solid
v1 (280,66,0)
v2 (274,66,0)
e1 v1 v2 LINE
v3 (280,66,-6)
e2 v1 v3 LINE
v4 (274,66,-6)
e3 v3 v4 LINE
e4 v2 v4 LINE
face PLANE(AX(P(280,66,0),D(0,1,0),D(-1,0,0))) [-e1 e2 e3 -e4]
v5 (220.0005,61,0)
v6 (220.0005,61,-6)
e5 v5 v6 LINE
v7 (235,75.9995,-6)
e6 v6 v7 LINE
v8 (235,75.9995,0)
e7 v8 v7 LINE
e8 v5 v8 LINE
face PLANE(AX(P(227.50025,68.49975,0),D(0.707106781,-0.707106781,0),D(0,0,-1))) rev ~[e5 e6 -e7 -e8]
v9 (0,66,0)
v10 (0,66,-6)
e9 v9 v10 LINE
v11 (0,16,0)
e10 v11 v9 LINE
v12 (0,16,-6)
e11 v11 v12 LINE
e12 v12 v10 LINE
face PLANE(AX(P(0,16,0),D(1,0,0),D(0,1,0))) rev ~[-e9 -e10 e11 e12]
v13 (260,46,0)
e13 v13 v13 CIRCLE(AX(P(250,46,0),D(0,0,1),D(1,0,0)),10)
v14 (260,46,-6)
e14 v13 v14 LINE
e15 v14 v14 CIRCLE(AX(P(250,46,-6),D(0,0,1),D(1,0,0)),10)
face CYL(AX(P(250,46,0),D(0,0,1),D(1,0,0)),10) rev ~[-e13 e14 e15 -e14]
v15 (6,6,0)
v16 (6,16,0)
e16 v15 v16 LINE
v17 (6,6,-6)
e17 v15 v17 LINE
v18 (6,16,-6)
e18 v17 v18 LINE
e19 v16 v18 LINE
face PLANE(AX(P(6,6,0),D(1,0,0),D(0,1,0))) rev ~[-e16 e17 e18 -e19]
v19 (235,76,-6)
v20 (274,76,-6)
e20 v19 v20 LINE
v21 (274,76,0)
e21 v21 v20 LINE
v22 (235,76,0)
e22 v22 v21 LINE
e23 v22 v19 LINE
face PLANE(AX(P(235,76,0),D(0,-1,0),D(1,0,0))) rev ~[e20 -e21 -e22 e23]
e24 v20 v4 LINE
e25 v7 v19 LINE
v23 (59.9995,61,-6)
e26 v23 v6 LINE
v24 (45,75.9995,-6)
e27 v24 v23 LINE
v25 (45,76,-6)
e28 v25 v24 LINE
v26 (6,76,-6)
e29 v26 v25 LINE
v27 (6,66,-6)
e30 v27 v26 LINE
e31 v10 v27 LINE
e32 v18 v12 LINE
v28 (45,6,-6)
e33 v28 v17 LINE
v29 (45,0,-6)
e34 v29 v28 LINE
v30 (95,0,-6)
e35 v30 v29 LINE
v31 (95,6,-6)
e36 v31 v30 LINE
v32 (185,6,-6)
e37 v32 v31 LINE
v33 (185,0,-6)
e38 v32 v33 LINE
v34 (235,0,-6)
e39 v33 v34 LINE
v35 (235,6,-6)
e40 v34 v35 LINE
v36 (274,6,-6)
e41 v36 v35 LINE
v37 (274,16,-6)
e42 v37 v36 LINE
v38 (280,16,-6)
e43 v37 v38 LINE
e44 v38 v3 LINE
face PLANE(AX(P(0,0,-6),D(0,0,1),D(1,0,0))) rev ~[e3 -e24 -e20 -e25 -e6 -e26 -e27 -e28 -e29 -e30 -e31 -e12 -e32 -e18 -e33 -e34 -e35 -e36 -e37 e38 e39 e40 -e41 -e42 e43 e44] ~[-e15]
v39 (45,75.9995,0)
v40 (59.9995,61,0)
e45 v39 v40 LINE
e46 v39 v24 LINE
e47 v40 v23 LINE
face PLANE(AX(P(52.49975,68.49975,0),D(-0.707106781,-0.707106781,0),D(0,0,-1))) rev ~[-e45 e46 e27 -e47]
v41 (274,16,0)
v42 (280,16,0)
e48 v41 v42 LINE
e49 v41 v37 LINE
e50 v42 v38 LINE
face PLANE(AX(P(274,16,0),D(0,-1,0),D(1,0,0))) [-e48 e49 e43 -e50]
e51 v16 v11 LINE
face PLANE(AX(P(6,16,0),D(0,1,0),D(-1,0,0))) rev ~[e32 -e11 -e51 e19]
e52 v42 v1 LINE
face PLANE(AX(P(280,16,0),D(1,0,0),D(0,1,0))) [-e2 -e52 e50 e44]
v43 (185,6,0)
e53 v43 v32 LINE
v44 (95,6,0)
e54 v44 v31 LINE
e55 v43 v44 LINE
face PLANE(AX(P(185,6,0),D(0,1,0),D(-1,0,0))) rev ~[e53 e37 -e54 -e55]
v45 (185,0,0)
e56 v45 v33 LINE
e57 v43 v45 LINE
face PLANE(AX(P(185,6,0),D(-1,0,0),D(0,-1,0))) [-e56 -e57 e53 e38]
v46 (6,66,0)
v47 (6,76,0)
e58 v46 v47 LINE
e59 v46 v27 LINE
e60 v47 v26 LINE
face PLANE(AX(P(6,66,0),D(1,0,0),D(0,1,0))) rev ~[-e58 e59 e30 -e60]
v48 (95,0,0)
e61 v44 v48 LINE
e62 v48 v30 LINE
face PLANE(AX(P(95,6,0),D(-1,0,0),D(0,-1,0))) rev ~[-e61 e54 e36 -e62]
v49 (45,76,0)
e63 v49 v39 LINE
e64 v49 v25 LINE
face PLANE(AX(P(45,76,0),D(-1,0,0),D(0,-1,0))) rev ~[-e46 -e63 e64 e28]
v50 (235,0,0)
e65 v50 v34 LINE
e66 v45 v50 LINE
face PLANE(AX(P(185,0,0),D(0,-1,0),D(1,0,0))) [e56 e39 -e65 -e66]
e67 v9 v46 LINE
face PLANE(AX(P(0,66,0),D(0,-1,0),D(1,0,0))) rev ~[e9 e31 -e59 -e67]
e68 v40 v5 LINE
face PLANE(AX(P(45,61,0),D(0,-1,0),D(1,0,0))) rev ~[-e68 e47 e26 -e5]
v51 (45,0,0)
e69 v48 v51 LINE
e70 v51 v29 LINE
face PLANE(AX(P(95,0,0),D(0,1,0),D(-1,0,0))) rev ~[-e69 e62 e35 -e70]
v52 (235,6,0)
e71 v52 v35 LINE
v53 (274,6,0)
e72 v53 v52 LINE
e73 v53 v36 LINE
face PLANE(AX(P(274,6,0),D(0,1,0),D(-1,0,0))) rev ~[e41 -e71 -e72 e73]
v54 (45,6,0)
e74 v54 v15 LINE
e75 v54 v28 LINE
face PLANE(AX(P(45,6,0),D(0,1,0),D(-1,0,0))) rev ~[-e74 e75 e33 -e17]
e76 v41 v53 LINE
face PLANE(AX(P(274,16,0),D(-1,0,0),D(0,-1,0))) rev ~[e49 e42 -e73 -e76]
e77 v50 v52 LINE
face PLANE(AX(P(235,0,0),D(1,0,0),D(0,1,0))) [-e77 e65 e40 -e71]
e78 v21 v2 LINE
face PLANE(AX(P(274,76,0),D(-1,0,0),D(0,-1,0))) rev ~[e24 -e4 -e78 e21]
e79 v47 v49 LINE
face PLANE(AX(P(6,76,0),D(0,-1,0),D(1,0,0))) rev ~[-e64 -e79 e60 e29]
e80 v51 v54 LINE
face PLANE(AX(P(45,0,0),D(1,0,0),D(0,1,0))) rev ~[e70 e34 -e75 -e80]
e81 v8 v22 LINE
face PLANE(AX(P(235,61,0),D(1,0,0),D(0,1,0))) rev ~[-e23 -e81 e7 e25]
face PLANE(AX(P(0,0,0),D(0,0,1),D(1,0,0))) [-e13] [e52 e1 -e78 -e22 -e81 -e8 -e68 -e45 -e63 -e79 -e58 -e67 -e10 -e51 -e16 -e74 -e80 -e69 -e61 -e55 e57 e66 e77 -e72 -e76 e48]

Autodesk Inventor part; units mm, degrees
ref_plane "YZ Plane" through (0, 0, 0) normal (1, 0, 0) x (0, 1, 0)
ref_plane "XZ Plane" through (0, 0, 0) normal (0, 1, 0) x (-1, 0, 0)
ref_plane "XY Plane" through (0, 0, 0) normal (0, 0, 1) x (1, 0, 0)
sketch "Sketch1" plane through (0, 0, 0) normal (0, 0, 1) x (1, 0, 0)
  line L0 (280, 76) -> (280, 66) construction
  line L1 (280, 76) -> (274, 76) construction
  line L2 (274, 76) -> (274, 66) construction
  line L3 (280, 66) -> (274, 66) construction
  line L4 (280, 16) -> (280, 6) construction
  line L5 (280, 16) -> (274, 16) construction
  line L6 (274, 16) -> (274, 6) construction
  line L7 (280, 6) -> (274, 6) construction
  line L8 (235, 6) -> (235, 0) construction
  line L9 (235, 0) -> (280, 0) construction
  line L10 (280, 0) -> (280, 6) construction
  line L11 (235, 6) -> (280, 6) construction
  line L12 (95, 6) -> (95, 0) construction
  line L13 (95, 0) -> (185, 0) construction
  line L14 (185, 0) -> (185, 6) construction
  line L15 (95, 6) -> (185, 6) construction
  line L16 (45, 0) -> (45, 6) construction
  line L17 (0, 6) -> (45, 6) construction
  line L18 (0, 0) -> (0, 6) construction
  line L19 (0, 0) -> (45, 0) construction
  line L20 (0, 16) -> (0, 6) construction
  line L21 (0, 6) -> (6, 6) construction
  line L22 (6, 16) -> (6, 6) construction
  line L23 (0, 16) -> (6, 16) construction
  line L24 (0, 76) -> (0, 66) construction
  line L25 (0, 66) -> (6, 66) construction
  line L26 (6, 76) -> (6, 66) construction
  line L27 (0, 76) -> (6, 76) construction
  line L28 (274, 16) -> (280, 16)
  line L29 (280, 16) -> (280, 66)
  line L30 (280, 66) -> (274, 66)
  line L31 (6, 16) -> (0, 16)
  line L32 (0, 16) -> (0, 66)
  line L33 (0, 66) -> (6, 66)
  line L34 (95, 6) -> (95, 0)
  line L35 (95, 0) -> (45, 0)
  line L36 (45, 0) -> (45, 6)
  line L37 (185, 6) -> (185, 0)
  line L38 (185, 0) -> (235, 0)
  line L39 (235, 0) -> (235, 6)
  line L40 (274, 76) -> (274, 66)
  line L41 (274, 16) -> (274, 6)
  line L42 (274, 6) -> (235, 6)
  line L43 (185, 6) -> (95, 6)
  line L44 (45, 6) -> (6, 6)
  line L45 (6, 6) -> (6, 16)
  line L46 (6, 66) -> (6, 76)
  line L47 (45, 76) -> (45, 61)
  line L48 (45, 61) -> (235, 61)
  line L49 (235, 61) -> (235, 76)
  line L50 (6, 76) -> (45, 76)
  line L51 (235, 76) -> (274, 76)
extrude "Extrusion1" add sketch "Sketch1" against normal blind 6
chamfer "Chamfer1" distance 15 angle 45 2 edges at (45, 61, -3) (235, 61, -3)
sketch "Sketch2" plane through (0, 0, 0) normal (0, 0, 1) x (1, 0, 0)
  circle A0 centre (250, 46) radius 10
  line L0 (235, 76) -> (274, 76) projected
  line L1 (280, 66) -> (280, 16) projected
  point P0 (0, 0)
  dimension "d6" = 20
  dimension "d7" = 30
  dimension "d8" = 30
extrude "Extrusion2" cut sketch "Sketch2" against normal blind 6
properties part number "Lateral"
